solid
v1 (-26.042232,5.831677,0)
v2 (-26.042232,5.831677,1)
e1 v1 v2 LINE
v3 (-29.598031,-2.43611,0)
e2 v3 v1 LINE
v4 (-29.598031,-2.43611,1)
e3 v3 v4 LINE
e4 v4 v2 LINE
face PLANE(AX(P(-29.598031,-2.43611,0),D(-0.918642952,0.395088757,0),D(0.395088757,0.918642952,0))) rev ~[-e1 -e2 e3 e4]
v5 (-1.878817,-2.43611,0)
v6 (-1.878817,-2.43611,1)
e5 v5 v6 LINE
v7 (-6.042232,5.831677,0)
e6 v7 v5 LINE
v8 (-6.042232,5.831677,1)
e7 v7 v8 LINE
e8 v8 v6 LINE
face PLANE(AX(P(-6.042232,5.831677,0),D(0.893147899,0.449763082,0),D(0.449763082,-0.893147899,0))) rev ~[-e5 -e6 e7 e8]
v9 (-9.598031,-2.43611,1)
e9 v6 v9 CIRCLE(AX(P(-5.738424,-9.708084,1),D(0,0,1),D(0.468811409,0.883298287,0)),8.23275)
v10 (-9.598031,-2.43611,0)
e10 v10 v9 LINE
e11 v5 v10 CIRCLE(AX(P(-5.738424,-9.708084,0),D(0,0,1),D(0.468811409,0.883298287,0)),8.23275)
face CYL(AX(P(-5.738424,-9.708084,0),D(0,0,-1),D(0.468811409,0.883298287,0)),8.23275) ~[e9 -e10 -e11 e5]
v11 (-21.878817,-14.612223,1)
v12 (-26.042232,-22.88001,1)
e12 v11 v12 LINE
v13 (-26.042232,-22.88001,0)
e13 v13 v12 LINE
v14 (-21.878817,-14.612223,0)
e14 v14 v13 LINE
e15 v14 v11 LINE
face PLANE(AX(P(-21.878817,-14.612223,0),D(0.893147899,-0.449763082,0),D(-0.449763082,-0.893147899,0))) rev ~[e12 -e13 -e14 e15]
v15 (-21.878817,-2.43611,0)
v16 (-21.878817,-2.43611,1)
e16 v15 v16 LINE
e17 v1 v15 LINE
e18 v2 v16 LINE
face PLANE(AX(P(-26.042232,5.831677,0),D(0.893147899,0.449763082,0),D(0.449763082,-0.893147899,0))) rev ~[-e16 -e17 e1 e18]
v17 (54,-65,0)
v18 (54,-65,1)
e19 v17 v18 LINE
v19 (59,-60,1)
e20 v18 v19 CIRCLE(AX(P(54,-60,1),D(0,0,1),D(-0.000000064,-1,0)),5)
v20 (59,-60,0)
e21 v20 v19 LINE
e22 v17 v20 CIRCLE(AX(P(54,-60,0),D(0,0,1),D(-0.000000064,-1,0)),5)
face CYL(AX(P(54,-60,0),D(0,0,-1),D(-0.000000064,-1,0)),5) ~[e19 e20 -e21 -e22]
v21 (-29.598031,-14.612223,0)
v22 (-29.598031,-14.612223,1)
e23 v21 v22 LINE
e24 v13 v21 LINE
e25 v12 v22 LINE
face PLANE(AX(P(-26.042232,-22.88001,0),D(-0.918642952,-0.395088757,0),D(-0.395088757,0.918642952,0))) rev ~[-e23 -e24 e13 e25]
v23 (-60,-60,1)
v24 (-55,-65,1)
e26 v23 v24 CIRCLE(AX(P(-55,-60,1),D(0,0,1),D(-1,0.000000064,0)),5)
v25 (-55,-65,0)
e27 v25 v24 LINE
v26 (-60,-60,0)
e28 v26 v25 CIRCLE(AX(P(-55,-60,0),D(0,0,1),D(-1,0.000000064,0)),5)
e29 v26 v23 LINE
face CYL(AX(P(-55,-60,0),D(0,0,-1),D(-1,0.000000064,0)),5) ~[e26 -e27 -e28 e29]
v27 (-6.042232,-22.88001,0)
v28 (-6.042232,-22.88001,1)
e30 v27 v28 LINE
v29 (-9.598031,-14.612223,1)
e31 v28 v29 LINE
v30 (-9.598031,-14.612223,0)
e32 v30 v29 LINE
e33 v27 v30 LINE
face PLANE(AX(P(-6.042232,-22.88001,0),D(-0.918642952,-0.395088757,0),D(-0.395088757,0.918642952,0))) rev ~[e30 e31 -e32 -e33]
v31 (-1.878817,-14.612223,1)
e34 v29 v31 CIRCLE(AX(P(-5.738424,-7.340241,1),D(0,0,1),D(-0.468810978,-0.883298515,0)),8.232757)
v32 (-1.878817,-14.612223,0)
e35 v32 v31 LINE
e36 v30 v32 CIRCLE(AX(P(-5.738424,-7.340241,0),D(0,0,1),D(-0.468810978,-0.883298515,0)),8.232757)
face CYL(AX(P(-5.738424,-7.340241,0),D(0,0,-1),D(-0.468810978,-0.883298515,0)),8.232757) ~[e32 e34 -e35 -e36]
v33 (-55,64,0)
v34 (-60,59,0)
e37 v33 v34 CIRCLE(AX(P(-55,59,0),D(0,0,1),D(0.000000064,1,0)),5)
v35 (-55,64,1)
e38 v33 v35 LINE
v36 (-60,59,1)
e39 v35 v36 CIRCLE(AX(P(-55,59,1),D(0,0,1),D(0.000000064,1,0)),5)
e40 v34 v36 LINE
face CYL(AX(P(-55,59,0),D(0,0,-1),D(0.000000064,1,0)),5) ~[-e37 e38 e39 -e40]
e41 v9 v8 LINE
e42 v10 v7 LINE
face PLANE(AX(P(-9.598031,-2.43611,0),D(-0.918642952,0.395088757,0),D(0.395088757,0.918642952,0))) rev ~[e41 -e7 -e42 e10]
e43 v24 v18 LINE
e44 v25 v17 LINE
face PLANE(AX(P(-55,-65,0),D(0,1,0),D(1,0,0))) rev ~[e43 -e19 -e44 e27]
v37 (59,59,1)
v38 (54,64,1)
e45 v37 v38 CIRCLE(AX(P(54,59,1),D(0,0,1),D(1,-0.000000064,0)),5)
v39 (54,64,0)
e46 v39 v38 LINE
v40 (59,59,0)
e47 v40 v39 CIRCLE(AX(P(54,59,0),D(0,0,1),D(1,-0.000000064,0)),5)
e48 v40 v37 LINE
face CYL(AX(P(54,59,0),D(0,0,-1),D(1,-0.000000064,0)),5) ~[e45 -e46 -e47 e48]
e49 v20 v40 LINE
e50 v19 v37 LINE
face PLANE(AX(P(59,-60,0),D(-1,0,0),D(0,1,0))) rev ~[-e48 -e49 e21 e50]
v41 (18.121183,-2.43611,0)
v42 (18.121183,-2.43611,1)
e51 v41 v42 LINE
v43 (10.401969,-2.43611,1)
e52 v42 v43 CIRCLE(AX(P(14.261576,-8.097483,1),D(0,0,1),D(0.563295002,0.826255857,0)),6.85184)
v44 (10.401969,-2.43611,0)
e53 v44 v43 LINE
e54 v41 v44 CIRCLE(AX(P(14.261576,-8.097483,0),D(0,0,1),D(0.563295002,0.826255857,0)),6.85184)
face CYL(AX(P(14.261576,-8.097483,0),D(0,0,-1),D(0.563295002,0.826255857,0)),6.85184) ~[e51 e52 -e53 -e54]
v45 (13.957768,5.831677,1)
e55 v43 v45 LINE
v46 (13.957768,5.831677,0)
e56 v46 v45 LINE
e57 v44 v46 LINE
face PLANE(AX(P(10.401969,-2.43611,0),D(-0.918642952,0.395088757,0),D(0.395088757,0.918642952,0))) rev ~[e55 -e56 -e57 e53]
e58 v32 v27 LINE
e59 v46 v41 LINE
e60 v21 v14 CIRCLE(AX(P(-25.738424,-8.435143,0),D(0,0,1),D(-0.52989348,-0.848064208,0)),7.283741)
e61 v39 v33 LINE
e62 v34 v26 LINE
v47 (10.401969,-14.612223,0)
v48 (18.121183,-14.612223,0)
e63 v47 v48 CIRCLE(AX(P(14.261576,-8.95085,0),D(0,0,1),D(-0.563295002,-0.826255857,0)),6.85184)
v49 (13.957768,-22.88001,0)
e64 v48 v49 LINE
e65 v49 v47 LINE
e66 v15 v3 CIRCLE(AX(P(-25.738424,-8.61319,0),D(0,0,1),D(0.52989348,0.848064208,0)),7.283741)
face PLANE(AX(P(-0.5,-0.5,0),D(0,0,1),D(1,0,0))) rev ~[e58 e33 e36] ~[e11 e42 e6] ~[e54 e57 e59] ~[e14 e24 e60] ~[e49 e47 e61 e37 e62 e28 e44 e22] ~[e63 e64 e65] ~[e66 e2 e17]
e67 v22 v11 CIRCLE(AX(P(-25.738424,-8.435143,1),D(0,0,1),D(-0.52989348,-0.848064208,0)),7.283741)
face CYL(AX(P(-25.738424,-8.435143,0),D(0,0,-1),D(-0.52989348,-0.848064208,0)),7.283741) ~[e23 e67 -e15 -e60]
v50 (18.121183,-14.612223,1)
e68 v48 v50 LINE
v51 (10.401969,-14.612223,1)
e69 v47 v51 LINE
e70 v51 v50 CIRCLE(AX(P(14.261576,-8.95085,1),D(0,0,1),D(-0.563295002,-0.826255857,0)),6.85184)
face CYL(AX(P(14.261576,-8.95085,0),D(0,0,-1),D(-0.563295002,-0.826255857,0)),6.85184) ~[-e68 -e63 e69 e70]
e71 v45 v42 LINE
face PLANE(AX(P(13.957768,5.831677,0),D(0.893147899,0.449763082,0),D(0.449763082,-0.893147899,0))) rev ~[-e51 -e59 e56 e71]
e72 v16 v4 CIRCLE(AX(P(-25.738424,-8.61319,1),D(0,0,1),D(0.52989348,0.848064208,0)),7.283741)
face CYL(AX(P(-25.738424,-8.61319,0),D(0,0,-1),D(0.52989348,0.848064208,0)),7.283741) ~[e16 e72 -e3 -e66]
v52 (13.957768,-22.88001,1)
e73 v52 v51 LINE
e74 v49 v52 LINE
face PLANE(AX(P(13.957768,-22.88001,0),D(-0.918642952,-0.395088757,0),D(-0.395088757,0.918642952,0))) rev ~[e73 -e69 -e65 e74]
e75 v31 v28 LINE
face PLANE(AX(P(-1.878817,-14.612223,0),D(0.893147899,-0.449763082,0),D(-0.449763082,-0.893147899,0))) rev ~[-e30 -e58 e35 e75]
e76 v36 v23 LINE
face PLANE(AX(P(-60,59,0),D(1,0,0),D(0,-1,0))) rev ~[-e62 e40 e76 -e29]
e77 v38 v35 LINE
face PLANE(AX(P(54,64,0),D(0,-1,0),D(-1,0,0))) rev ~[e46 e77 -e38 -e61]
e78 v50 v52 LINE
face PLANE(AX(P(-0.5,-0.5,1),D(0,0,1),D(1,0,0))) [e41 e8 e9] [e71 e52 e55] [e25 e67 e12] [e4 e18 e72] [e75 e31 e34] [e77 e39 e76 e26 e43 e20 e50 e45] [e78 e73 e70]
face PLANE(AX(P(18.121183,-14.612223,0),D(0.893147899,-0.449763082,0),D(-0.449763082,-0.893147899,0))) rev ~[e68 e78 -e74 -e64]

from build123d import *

# Parameters (mm, degrees)
F1_DEPTH = 1


with BuildPart() as f1:
    # F0 (on Top) → F1 (new body)
    with BuildSketch(Plane.XY):
        with BuildLine():
            Line((-55, -65), (54, -65))
            ThreePointArc((54, -65), (57.535534, -63.535534), (59, -60))
            Line((59, -60), (59, 59))
            ThreePointArc((59, 59), (57.535534, 62.535534), (54, 64))
            Line((54, 64), (-55, 64))
            ThreePointArc((-55, 64), (-58.535534, 62.535534), (-60, 59))
            Line((-60, 59), (-60, -60))
            ThreePointArc((-60, -60), (-58.535534, -63.535534), (-55, -65))
        make_face()
        with BuildLine():
            Line((-21.878817, -14.612223), (-26.042232, -22.88001))
            Line((-26.042232, -22.88001), (-29.598031, -14.612223))
            ThreePointArc((-29.598031, -14.612223), (-25.738424, -15.718884), (-21.878817, -14.612223))
        make_face(mode=Mode.SUBTRACT)
        with BuildLine():
            Line((-6.042232, -22.88001), (-9.598031, -14.612223))
            ThreePointArc((-9.598031, -14.612223), (-5.738424, -15.572998), (-1.878817, -14.612223))
            Line((-1.878817, -14.612223), (-6.042232, -22.88001))
        make_face(mode=Mode.SUBTRACT)
        with BuildLine():
            Line((13.957768, -22.88001), (10.401969, -14.612223))
            ThreePointArc((10.401969, -14.612223), (14.261576, -15.80269), (18.121183, -14.612223))
            Line((18.121183, -14.612223), (13.957768, -22.88001))
        make_face(mode=Mode.SUBTRACT)
        with BuildLine():
            Line((-29.598031, -2.43611), (-26.042232, 5.831677))
            Line((-26.042232, 5.831677), (-21.878817, -2.43611))
            ThreePointArc((-21.878817, -2.43611), (-25.738424, -1.329449), (-29.598031, -2.43611))
        make_face(mode=Mode.SUBTRACT)
        with BuildLine():
            ThreePointArc((-1.878817, -2.43611), (-5.738424, -1.475334), (-9.598031, -2.43611))
            Line((-9.598031, -2.43611), (-6.042232, 5.831677))
            Line((-6.042232, 5.831677), (-1.878817, -2.43611))
        make_face(mode=Mode.SUBTRACT)
        with BuildLine():
            ThreePointArc((18.121183, -2.43611), (14.261576, -1.245643), (10.401969, -2.43611))
            Line((10.401969, -2.43611), (13.957768, 5.831677))
            Line((13.957768, 5.831677), (18.121183, -2.43611))
        make_face(mode=Mode.SUBTRACT)
    extrude(amount=F1_DEPTH)


solid = f1.part
